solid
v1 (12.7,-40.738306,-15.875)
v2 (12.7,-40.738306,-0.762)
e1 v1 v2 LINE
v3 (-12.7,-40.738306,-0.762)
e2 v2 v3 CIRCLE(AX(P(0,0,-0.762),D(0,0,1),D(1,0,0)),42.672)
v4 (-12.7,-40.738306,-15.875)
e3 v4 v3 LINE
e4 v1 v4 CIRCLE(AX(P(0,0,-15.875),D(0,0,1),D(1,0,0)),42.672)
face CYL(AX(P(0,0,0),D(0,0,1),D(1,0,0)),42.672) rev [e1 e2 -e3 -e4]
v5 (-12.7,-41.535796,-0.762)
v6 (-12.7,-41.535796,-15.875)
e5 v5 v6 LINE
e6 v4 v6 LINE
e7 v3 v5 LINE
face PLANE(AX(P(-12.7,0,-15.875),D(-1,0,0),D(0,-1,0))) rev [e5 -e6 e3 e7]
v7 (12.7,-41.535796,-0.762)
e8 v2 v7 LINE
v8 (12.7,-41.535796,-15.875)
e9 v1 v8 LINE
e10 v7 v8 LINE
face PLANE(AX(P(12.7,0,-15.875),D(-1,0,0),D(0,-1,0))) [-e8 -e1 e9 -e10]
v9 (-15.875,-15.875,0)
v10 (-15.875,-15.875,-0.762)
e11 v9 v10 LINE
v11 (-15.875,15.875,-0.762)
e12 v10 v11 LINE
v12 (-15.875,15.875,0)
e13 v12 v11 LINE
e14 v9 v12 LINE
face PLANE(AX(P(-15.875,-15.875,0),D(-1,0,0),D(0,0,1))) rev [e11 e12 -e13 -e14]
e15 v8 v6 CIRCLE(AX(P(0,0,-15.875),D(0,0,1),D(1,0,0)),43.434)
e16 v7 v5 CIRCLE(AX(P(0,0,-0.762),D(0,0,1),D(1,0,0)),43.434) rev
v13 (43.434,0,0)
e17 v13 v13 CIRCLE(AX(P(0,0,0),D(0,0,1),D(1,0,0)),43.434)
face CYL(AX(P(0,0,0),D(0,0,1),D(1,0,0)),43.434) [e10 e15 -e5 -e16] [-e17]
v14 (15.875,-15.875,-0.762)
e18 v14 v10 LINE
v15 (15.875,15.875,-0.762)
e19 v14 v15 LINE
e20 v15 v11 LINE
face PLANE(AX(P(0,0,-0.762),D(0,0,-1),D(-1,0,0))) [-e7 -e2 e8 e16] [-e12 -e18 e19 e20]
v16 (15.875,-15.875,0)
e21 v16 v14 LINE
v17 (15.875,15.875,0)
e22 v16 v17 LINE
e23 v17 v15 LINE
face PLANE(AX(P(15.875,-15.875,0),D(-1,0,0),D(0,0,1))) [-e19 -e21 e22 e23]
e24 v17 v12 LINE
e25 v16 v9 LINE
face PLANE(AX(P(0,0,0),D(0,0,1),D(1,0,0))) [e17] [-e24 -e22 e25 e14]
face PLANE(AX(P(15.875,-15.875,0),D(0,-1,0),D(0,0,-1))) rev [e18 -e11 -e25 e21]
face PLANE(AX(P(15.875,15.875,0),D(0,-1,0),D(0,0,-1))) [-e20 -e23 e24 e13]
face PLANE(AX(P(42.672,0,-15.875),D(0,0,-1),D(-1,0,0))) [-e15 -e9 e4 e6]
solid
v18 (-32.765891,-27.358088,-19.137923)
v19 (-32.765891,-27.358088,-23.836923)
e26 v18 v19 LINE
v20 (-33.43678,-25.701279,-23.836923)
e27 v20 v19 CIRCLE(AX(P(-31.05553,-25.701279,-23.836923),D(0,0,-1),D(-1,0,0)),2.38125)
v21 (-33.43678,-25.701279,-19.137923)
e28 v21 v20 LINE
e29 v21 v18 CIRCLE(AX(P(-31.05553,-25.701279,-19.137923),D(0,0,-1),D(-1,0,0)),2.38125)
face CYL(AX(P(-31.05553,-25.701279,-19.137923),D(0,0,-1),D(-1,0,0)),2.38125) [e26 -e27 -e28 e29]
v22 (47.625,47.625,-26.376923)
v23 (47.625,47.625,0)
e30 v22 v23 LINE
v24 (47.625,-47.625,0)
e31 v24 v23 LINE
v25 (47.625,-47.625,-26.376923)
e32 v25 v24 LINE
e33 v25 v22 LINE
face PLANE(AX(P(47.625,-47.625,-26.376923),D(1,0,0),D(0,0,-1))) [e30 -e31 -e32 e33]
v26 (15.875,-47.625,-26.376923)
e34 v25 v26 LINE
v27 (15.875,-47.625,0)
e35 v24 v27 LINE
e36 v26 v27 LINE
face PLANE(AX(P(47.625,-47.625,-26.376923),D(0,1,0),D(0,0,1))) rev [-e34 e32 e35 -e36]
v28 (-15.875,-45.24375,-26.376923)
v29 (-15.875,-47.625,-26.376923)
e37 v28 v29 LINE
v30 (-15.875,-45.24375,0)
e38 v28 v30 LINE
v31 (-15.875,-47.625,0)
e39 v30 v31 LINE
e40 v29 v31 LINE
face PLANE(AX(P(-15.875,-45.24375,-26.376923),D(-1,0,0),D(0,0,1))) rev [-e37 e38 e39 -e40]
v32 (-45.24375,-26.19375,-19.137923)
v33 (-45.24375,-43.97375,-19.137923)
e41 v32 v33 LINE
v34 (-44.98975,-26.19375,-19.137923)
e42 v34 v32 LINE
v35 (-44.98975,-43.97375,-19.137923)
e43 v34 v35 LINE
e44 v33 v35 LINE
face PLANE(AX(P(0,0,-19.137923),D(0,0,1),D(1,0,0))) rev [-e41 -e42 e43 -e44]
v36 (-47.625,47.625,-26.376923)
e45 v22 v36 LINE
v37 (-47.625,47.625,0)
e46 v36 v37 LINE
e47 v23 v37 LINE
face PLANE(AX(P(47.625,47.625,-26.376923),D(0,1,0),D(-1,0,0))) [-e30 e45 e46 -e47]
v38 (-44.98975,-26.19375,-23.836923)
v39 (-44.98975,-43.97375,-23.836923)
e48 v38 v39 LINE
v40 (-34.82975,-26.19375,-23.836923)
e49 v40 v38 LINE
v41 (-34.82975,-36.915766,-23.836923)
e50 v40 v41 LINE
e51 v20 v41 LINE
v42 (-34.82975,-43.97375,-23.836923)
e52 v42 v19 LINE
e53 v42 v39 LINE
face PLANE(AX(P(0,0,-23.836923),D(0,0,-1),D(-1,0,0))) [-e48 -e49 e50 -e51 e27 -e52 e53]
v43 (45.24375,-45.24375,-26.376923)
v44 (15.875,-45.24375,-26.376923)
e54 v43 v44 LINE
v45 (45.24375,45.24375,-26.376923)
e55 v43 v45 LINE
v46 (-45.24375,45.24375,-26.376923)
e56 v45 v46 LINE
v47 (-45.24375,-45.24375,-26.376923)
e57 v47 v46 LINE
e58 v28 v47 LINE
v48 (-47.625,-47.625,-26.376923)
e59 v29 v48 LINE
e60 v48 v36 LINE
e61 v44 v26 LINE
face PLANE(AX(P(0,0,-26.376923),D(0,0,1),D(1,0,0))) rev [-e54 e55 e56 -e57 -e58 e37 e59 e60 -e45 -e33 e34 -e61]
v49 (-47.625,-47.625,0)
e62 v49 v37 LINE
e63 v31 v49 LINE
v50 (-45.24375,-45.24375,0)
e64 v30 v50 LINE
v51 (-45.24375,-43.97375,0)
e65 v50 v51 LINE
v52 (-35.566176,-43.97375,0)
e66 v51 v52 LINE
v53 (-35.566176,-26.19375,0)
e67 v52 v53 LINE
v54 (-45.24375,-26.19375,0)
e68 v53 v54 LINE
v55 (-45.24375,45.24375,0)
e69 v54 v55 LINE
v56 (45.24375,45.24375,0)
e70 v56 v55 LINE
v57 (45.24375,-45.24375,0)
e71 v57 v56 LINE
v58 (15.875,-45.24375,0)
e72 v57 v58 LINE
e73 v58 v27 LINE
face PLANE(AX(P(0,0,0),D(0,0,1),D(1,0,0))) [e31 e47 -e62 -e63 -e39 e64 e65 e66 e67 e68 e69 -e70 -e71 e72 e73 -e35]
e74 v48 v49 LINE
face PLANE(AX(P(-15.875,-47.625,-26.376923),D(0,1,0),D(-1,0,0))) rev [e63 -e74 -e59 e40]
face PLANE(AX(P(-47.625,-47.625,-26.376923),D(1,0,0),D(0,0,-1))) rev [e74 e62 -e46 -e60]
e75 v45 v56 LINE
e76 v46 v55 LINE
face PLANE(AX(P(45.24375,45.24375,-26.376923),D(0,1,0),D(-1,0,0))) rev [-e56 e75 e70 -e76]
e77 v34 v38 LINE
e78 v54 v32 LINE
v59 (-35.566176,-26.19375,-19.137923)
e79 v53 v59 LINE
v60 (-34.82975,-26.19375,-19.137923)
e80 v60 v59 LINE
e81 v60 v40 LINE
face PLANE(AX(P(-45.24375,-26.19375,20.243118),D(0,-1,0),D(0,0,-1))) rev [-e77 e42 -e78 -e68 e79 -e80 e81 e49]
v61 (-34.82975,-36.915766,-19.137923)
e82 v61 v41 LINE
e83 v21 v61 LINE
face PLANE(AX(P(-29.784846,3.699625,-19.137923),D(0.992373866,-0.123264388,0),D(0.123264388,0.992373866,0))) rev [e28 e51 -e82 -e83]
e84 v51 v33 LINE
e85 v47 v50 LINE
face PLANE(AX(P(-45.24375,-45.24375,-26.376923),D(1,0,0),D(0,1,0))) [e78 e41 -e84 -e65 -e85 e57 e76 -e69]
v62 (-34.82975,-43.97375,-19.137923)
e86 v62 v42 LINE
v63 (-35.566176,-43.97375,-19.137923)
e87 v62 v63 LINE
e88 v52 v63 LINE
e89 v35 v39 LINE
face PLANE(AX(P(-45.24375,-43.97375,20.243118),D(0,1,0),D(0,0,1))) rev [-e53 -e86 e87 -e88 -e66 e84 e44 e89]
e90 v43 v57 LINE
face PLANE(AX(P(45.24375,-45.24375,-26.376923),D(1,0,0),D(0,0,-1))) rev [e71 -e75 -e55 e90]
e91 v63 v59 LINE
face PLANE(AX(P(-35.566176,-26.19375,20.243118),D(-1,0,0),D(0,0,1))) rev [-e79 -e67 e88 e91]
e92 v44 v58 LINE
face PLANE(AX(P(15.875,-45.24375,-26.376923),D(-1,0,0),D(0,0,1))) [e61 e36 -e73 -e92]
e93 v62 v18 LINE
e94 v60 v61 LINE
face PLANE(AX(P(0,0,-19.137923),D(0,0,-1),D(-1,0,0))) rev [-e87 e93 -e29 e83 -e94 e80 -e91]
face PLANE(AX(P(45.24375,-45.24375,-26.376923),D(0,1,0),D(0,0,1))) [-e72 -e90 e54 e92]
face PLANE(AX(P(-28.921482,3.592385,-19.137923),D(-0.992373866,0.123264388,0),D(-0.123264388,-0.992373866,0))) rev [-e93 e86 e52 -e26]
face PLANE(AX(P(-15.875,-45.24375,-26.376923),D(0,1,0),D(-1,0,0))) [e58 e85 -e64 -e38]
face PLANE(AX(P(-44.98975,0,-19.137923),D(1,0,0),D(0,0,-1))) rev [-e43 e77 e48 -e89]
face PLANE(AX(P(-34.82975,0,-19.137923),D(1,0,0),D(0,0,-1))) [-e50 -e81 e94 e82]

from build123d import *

# Parameters (mm, degrees)
SKETCH3_W           = 31.75
SKETCH3_H           = 31.75
CUT_EXTRUDE1_DEPTH  = 1.762
SKETCH4_W           = 25.4
SKETCH4_H           = 50.8
CUT_EXTRUDE2_DEPTH  = 16.113
BOSS_EXTRUDE2_DEPTH = 26.376923077
BOSS_EXTRUDE3_START = -2.54
SKETCH6_W           = 10.16
SKETCH6_H           = 17.78
SKETCH6_R           = 2.38125
BOSS_EXTRUDE3_DEPTH = 4.699
SKETCH7_W           = 9.677573941
SKETCH7_H           = 17.78
BOSS_EXTRUDE4_DEPTH = 19.137923


with BuildPart() as part:
    # Sketch2 → Revolve1 (revolve)
    with BuildSketch(Plane(origin=(0, 0, 0), x_dir=(1, 0, 0), z_dir=(0, 1, 0))):
        Polygon((0, 0), (43.434, 0), (43.434, 15.875), (42.672, 15.875), (42.672, 0.762), (0, 0.762), align=None)
    revolve(axis=Axis((0, 0, 0), (0, 0, -1)))

    # Sketch3 → Cut-Extrude1 (cut, through all)
    with BuildSketch(Plane(origin=(0, 0, -0.762), x_dir=(-1, 0, 0), z_dir=(0, 0, -1))):
        Rectangle(SKETCH3_W, SKETCH3_H)
    extrude(amount=-CUT_EXTRUDE1_DEPTH, mode=Mode.SUBTRACT)

    # Sketch4 → Cut-Extrude2 (cut, through all)
    with BuildSketch(Plane(origin=(0, 0, -0.762), x_dir=(-1, 0, 0), z_dir=(0, 0, -1))):
        with Locations((0, -25.4)):
            Rectangle(SKETCH4_W, SKETCH4_H)
    extrude(amount=CUT_EXTRUDE2_DEPTH, mode=Mode.SUBTRACT)


with BuildPart() as body_2:
    # Sketch5 → Boss-Extrude2 (new body)
    with BuildSketch(Plane.XY):
        Polygon((45.24375, 45.24375), (-45.24375, 45.24375), (-45.24375, -45.24375), (-15.875, -45.24375), (-15.875, -47.625), (-47.625, -47.625), (-47.625, 47.625), (47.625, 47.625), (47.625, -47.625), (15.875, -47.625), (15.875, -45.24375), (45.24375, -45.24375), align=None)
    extrude(amount=-BOSS_EXTRUDE2_DEPTH)



with BuildPart() as body_3:
    # Sketch6 → Boss-Extrude3 (new body)
    with BuildSketch(Plane(origin=(0, 0, -26.376923077), x_dir=(-1, 0, 0), z_dir=(0, 0, -1)).offset(BOSS_EXTRUDE3_START)):
        with Locations((39.90975, -35.08375)):
            Rectangle(SKETCH6_W, SKETCH6_H)
        with Locations((31.055530123, -25.701278814)):
            Circle(SKETCH6_R)
        with BuildLine():
            Line((32.765891315, -27.358087841), (34.82975, -43.97375))
            Line((34.82975, -43.97375), (34.82975, -36.915766051))
            Line((34.82975, -36.915766051), (33.436780123, -25.701278814))
            ThreePointArc((33.436780123, -25.701278814), (33.262694497, -26.595022058), (32.765891315, -27.358087841))
        make_face()
    extrude(amount=-BOSS_EXTRUDE3_DEPTH)


with BuildPart() as body_2_1:
    add(body_2.part)

    add(body_3.part)  # Boss-Extrude4 merges body 3
    # Sketch7 → Boss-Extrude4 (add)
    with BuildSketch(Plane.XY.offset(-19.137923077)):
        with Locations((-40.40496303, -35.08375)):
            Rectangle(SKETCH7_W, SKETCH7_H)
    extrude(amount=BOSS_EXTRUDE4_DEPTH)


solid = Compound([part.part, body_2_1.part])
